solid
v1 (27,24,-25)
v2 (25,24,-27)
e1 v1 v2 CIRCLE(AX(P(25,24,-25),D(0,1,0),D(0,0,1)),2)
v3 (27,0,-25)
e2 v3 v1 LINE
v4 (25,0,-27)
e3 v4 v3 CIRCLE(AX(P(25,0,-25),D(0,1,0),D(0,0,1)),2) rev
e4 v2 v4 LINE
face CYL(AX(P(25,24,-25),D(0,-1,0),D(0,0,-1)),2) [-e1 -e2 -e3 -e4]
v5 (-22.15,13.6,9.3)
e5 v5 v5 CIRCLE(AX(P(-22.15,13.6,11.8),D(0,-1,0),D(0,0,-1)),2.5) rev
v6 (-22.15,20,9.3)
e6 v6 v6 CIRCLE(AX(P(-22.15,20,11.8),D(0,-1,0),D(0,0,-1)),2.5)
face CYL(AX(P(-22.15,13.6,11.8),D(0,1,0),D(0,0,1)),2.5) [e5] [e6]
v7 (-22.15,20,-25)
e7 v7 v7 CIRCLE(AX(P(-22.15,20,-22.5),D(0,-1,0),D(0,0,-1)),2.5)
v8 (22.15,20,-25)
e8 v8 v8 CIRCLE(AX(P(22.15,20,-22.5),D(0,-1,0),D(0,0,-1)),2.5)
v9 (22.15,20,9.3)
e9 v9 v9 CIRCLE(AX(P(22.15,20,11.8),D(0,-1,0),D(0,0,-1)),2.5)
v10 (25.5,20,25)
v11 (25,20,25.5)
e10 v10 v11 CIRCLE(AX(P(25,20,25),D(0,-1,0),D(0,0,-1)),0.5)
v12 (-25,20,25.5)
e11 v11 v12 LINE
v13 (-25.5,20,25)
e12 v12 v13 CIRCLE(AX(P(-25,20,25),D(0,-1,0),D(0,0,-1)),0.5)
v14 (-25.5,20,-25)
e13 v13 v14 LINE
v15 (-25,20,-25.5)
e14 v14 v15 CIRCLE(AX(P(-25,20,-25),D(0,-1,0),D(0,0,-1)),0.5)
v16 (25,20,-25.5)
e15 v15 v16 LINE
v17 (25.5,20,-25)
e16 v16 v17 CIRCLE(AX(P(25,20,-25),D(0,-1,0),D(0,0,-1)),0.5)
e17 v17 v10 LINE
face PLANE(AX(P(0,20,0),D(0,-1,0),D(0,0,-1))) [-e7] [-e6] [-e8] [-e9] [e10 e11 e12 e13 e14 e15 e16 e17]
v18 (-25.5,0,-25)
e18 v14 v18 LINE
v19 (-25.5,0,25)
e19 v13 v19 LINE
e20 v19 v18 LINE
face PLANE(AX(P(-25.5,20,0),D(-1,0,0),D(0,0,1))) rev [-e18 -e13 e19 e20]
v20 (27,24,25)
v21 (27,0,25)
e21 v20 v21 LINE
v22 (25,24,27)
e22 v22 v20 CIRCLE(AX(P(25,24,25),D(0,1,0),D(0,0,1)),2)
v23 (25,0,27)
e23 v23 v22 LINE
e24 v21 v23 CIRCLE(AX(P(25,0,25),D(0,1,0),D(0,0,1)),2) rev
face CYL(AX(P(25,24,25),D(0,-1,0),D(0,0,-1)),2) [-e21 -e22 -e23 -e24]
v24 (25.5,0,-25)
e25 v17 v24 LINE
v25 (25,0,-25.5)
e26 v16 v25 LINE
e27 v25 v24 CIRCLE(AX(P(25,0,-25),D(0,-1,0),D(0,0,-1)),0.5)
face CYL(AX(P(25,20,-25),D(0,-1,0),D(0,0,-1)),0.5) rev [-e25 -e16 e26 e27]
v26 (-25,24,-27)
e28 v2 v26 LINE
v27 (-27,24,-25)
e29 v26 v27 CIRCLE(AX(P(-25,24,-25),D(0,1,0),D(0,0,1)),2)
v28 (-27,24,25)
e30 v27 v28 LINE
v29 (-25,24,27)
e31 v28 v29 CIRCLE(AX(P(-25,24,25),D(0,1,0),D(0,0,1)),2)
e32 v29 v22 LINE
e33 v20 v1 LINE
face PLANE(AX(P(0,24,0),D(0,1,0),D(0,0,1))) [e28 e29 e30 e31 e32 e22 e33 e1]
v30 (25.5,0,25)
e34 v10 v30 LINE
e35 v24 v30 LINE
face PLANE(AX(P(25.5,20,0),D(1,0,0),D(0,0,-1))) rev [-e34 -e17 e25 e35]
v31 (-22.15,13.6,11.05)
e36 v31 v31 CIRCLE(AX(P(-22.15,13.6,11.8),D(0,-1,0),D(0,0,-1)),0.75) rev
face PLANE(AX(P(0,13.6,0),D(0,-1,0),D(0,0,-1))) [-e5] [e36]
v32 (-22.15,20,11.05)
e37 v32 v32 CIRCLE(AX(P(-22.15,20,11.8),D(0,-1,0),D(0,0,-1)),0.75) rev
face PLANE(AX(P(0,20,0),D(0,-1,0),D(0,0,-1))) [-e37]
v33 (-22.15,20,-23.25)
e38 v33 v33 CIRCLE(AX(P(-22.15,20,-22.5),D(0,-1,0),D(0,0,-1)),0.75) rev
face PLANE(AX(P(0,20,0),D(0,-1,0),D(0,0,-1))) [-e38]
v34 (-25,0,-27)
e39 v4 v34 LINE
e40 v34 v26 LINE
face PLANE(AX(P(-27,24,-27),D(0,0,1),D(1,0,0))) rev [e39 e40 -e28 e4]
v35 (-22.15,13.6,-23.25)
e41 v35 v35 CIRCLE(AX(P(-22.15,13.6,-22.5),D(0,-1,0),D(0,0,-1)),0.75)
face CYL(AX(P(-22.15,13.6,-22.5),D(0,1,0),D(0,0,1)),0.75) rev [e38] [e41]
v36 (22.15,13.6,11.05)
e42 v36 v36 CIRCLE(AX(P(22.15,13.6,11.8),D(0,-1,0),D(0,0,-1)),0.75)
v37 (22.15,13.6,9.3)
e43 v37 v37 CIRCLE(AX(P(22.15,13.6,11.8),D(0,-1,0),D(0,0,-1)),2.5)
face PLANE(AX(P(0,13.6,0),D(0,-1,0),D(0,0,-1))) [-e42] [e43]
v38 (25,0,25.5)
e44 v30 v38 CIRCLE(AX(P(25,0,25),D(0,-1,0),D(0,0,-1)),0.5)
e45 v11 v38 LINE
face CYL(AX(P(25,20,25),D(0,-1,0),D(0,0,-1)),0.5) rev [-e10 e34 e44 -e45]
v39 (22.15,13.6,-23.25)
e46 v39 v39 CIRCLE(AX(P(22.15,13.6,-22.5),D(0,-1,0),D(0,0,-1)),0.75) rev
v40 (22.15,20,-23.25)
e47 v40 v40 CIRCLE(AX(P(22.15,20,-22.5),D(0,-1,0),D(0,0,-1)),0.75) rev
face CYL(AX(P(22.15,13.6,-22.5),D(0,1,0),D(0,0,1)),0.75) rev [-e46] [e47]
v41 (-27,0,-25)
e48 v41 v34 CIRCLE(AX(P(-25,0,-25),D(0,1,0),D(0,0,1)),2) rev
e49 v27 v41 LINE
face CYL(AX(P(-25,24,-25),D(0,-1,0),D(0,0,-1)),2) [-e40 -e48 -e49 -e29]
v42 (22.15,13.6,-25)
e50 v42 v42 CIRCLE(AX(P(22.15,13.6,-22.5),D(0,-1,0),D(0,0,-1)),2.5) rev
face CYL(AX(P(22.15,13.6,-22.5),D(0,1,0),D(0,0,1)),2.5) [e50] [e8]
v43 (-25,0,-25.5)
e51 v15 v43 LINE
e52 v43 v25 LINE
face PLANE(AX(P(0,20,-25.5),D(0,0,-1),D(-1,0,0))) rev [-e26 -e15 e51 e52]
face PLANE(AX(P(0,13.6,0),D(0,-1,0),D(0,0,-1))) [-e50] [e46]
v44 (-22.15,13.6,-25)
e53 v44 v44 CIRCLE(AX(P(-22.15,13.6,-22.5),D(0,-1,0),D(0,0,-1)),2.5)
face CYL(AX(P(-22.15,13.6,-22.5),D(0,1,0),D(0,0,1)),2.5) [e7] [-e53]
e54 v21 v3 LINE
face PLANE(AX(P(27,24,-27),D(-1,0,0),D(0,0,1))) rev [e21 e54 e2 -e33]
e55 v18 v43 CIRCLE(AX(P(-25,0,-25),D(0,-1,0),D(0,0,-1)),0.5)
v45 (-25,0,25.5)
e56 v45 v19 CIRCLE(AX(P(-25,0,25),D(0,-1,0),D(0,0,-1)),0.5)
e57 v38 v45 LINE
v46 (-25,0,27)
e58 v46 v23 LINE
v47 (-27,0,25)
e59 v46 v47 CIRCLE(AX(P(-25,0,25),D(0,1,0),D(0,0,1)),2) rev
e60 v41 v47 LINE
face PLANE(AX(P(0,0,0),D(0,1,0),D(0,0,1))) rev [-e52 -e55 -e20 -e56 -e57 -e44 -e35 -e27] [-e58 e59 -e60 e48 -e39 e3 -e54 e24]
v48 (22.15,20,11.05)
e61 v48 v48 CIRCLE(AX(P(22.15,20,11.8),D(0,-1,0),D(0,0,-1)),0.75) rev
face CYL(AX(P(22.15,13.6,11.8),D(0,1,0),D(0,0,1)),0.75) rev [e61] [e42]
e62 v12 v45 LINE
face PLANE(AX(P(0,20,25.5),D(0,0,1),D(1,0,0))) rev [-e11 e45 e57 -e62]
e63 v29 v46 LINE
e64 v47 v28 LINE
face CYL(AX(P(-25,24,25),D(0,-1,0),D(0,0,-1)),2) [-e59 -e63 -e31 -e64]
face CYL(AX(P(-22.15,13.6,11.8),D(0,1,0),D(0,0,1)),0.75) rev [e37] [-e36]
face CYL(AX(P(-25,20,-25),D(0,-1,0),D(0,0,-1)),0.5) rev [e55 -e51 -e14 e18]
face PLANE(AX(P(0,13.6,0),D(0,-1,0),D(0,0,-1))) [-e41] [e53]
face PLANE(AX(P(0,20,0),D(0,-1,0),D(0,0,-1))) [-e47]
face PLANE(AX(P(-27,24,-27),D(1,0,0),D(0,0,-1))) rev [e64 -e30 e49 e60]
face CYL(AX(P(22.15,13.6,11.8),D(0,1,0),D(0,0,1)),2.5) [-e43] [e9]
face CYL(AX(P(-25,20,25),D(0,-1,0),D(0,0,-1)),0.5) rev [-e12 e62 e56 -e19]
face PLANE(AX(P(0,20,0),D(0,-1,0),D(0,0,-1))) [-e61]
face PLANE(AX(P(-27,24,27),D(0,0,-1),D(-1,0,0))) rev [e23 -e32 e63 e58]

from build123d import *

# Parameters (mm, degrees)
SKETCH_1_W          = 54
SKETCH_1_H          = 54
EXTRUDE_1_DEPTH     = 24
FILLET_1_R          = 2
FILLET_2_R          = 2
FILLET_3_R          = 2
FILLET_4_R          = 2
CUT_EXTRUDE_1_DEPTH = 20
SKETCH_9_R          = 2.5
SKETCH_9_R_2        = 0.75
EXTRUDE_4_DEPTH     = 6.4


with BuildPart() as part:
    # 草图1 → 凸台-拉伸1 (new body)
    with BuildSketch(Plane(origin=(0, 0, 0), x_dir=(1, 0, 0), z_dir=(0, 1, 0))):
        Rectangle(SKETCH_1_W, SKETCH_1_H)
    extrude(amount=EXTRUDE_1_DEPTH)

    # 圆角1
    fillet_1_edges = [part.edges().sort_by_distance(p)[0] for p in [
        (-27, 12, 27),
    ]]
    fillet(fillet_1_edges, radius=FILLET_1_R)

    # 圆角2
    fillet_2_edges = [part.edges().sort_by_distance(p)[0] for p in [
        (-27, 12, -27),
    ]]
    fillet(fillet_2_edges, radius=FILLET_2_R)

    # 圆角3
    fillet_3_edges = [part.edges().sort_by_distance(p)[0] for p in [
        (27, 12, 27),
    ]]
    fillet(fillet_3_edges, radius=FILLET_3_R)

    # 圆角4
    fillet_4_edges = [part.edges().sort_by_distance(p)[0] for p in [
        (27, 12, -27),
    ]]
    fillet(fillet_4_edges, radius=FILLET_4_R)

    # 草图6 → 切除-拉伸1 (cut)
    with BuildSketch(Plane.XZ):
        with BuildLine():
            ThreePointArc((-25, 25.5), (-25.353553391, 25.353553391), (-25.5, 25))
            Line((-25.5, 25), (-25.5, -25))
            ThreePointArc((-25.5, -25), (-25.353553391, -25.353553391), (-25, -25.5))
            Line((-25, -25.5), (25, -25.5))
            ThreePointArc((25, -25.5), (25.353553391, -25.353553391), (25.5, -25))
            Line((25.5, -25), (25.5, 25))
            ThreePointArc((25.5, 25), (25.353553391, 25.353553391), (25, 25.5))
            Line((25, 25.5), (-25, 25.5))
        make_face()
    extrude(amount=-CUT_EXTRUDE_1_DEPTH, mode=Mode.SUBTRACT)

    # 草图9 → 凸台-拉伸4 (add)
    # profile 1 of 4: a face of its own
    with BuildSketch(Plane.XZ.offset(-20)):
        with Locations((-22.15, -22.5)):
            Circle(SKETCH_9_R)
        with Locations((-22.15, -22.5)):
            Circle(SKETCH_9_R_2, mode=Mode.SUBTRACT)
    # profile 2 of 4: a face of its own
    with BuildSketch(Plane.XZ.offset(-20)):
        with Locations((22.15, -22.5)):
            Circle(SKETCH_9_R)
        with Locations((22.15, -22.5)):
            Circle(SKETCH_9_R_2, mode=Mode.SUBTRACT)
    # profile 3 of 4: a face of its own
    with BuildSketch(Plane.XZ.offset(-20)):
        with Locations((22.15, 11.8)):
            Circle(SKETCH_9_R)
        with Locations((22.15, 11.8)):
            Circle(SKETCH_9_R_2, mode=Mode.SUBTRACT)
    # profile 4 of 4: a face of its own
    with BuildSketch(Plane.XZ.offset(-20)):
        with Locations((-22.15, 11.8)):
            Circle(SKETCH_9_R)
        with Locations((-22.15, 11.8)):
            Circle(SKETCH_9_R_2, mode=Mode.SUBTRACT)
    extrude(amount=EXTRUDE_4_DEPTH)


solid = part.part
